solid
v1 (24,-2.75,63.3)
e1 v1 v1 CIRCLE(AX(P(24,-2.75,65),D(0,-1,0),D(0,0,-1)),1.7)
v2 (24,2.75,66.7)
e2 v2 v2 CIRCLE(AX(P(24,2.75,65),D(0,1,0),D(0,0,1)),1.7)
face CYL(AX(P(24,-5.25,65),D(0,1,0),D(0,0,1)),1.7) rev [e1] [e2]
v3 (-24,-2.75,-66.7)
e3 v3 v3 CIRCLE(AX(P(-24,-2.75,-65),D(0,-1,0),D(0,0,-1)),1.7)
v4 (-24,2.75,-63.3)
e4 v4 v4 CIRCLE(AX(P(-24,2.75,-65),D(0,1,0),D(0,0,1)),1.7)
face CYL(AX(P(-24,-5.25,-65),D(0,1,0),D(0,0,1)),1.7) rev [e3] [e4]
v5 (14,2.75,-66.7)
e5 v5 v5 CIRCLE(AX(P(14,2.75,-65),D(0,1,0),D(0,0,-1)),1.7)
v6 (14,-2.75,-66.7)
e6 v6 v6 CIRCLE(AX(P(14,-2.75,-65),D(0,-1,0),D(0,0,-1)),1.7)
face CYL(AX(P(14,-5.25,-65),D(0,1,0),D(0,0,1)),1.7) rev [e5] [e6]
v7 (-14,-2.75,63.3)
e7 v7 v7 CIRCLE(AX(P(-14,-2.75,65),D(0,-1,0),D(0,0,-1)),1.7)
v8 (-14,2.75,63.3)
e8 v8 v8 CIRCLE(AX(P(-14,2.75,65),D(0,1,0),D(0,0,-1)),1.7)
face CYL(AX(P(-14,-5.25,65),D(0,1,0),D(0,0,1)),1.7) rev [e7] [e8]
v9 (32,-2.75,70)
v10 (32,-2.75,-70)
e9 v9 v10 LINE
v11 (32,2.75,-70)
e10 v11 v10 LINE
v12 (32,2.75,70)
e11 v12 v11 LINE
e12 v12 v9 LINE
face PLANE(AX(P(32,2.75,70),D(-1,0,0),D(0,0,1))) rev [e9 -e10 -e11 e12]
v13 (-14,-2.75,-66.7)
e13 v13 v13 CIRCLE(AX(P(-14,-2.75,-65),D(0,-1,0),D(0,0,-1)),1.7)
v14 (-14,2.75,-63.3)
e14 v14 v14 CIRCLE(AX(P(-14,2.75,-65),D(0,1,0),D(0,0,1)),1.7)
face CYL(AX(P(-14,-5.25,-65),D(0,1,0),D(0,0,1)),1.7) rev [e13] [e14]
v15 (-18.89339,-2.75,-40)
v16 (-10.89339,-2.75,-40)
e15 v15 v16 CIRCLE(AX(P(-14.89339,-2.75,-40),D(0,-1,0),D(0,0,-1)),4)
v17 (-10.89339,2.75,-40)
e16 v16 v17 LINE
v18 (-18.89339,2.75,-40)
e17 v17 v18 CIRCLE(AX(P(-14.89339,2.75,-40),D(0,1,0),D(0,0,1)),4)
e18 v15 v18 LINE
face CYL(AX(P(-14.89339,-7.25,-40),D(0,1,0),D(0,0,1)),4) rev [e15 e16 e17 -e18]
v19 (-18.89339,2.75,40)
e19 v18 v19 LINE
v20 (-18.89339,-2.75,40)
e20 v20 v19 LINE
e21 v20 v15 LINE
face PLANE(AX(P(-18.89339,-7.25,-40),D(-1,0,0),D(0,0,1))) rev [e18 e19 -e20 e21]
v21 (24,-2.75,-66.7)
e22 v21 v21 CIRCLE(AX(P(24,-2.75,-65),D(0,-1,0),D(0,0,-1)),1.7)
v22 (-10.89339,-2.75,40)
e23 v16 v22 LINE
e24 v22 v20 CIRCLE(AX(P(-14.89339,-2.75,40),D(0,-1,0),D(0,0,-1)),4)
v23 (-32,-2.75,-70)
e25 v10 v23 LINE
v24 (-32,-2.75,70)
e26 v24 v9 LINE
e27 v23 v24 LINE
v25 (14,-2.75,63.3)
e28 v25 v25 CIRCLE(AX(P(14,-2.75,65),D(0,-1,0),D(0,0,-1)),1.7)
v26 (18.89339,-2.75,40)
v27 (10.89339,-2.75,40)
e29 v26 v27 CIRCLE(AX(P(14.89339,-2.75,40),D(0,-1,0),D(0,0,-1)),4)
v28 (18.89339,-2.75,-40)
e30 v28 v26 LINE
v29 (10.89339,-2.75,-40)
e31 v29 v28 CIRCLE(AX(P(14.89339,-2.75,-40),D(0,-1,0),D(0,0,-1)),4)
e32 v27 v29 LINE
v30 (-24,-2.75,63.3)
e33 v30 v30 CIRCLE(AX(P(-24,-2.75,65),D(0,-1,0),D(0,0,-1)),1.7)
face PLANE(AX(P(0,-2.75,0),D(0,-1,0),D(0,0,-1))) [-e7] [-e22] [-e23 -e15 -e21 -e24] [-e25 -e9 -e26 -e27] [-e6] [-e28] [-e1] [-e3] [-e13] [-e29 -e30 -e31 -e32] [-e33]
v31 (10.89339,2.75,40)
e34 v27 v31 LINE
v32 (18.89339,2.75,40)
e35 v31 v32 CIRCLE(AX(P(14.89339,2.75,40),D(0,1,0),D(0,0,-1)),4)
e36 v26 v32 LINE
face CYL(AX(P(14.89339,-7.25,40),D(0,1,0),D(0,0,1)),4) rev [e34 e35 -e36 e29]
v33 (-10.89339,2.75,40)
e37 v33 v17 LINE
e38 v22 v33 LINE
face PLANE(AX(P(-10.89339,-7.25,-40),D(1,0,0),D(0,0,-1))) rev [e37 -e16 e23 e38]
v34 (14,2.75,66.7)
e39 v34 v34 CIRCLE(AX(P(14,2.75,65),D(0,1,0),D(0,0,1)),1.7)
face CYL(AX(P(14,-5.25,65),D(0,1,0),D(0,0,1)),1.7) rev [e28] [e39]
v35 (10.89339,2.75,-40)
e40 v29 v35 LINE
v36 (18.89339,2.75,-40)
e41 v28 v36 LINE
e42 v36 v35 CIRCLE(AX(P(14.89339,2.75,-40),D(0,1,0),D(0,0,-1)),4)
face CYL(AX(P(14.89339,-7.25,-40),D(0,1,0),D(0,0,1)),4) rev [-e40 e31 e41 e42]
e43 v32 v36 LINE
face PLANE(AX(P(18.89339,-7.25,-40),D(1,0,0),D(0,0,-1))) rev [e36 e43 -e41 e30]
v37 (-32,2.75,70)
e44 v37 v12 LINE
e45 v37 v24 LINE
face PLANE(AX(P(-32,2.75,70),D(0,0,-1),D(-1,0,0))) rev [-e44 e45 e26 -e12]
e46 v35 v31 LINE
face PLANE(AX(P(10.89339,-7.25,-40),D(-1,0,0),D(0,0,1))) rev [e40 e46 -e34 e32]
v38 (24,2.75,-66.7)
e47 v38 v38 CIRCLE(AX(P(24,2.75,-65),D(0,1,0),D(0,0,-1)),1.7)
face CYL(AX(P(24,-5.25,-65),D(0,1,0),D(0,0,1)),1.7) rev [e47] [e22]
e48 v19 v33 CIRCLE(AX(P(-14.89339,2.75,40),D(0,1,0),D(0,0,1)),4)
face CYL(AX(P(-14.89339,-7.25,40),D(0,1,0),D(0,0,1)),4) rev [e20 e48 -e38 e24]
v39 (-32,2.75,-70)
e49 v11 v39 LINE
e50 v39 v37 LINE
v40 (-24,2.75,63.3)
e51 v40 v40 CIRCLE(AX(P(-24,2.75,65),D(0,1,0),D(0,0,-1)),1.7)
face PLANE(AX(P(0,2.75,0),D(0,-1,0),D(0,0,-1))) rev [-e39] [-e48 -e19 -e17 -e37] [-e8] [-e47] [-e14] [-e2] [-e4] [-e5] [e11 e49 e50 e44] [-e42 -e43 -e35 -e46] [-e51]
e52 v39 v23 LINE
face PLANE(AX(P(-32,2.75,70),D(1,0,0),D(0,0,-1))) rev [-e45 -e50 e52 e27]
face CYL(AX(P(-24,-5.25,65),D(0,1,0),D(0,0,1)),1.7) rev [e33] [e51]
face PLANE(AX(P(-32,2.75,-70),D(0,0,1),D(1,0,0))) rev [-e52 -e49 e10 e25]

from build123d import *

# Parameters (mm, degrees)
SKETCH_5_W          = 64
SKETCH_5_H          = 140
EXTRUDE_4_DEPTH     = 2.75
SKETCH_6_R          = 1.7
CUT_EXTRUDE_1_DEPTH = 8
CUT_EXTRUDE_2_DEPTH = 10


with BuildPart() as part:
    # 草图5 → 凸台-拉伸4 (new, symmetric)
    with BuildSketch(Plane(origin=(0, 0, 0), x_dir=(1, 0, 0), z_dir=(0, 1, 0))):
        Rectangle(SKETCH_5_W, SKETCH_5_H)
    extrude(amount=EXTRUDE_4_DEPTH, both=True)

    # 草图6 → 切除-拉伸1 (cut)
    with BuildSketch(Plane(origin=(0, 2.75, 0), x_dir=(1, 0, 0), z_dir=(0, 1, 0))):
        with Locations(Location((-24, 65, 0), (0, 0, 270))):
            Circle(SKETCH_6_R)
        with Locations(Location((-24, -65, 0), (0, 0, 90))):
            Circle(SKETCH_6_R)
        with Locations(Location((24, -65, 0), (0, 0, 270))):
            Circle(SKETCH_6_R)
        with Locations(Location((24, 65, 0), (0, 0, 90))):
            Circle(SKETCH_6_R)
        with Locations(Location((-14, 65, 0), (0, 0, 270))):
            Circle(SKETCH_6_R)
        with Locations(Location((-14, -65, 0), (0, 0, 90))):
            Circle(SKETCH_6_R)
        with Locations(Location((14, -65, 0), (0, 0, 270))):
            Circle(SKETCH_6_R)
        with Locations(Location((14, 65, 0), (0, 0, 90))):
            Circle(SKETCH_6_R)
    extrude(amount=-CUT_EXTRUDE_1_DEPTH, mode=Mode.SUBTRACT)

    # 草图7 → 切除-拉伸2 (cut)
    with BuildSketch(Plane(origin=(0, 2.75, 0), x_dir=(1, 0, 0), z_dir=(0, 1, 0))):
        with BuildLine():
            Line((-10.893389513, 40), (-10.893389513, -40))
            ThreePointArc((-10.893389513, -40), (-14.893389513, -44), (-18.893389513, -40))
            Line((-18.893389513, -40), (-18.893389513, 40))
            ThreePointArc((-18.893389513, 40), (-14.893389513, 44), (-10.893389513, 40))
        make_face()
        with BuildLine():
            Line((10.893389513, 40), (10.893389513, -40))
            ThreePointArc((10.893389513, -40), (14.893389513, -44), (18.893389513, -40))
            Line((18.893389513, -40), (18.893389513, 40))
            ThreePointArc((18.893389513, 40), (14.893389513, 44), (10.893389513, 40))
        make_face()
    extrude(amount=-CUT_EXTRUDE_2_DEPTH, mode=Mode.SUBTRACT)


solid = part.part
